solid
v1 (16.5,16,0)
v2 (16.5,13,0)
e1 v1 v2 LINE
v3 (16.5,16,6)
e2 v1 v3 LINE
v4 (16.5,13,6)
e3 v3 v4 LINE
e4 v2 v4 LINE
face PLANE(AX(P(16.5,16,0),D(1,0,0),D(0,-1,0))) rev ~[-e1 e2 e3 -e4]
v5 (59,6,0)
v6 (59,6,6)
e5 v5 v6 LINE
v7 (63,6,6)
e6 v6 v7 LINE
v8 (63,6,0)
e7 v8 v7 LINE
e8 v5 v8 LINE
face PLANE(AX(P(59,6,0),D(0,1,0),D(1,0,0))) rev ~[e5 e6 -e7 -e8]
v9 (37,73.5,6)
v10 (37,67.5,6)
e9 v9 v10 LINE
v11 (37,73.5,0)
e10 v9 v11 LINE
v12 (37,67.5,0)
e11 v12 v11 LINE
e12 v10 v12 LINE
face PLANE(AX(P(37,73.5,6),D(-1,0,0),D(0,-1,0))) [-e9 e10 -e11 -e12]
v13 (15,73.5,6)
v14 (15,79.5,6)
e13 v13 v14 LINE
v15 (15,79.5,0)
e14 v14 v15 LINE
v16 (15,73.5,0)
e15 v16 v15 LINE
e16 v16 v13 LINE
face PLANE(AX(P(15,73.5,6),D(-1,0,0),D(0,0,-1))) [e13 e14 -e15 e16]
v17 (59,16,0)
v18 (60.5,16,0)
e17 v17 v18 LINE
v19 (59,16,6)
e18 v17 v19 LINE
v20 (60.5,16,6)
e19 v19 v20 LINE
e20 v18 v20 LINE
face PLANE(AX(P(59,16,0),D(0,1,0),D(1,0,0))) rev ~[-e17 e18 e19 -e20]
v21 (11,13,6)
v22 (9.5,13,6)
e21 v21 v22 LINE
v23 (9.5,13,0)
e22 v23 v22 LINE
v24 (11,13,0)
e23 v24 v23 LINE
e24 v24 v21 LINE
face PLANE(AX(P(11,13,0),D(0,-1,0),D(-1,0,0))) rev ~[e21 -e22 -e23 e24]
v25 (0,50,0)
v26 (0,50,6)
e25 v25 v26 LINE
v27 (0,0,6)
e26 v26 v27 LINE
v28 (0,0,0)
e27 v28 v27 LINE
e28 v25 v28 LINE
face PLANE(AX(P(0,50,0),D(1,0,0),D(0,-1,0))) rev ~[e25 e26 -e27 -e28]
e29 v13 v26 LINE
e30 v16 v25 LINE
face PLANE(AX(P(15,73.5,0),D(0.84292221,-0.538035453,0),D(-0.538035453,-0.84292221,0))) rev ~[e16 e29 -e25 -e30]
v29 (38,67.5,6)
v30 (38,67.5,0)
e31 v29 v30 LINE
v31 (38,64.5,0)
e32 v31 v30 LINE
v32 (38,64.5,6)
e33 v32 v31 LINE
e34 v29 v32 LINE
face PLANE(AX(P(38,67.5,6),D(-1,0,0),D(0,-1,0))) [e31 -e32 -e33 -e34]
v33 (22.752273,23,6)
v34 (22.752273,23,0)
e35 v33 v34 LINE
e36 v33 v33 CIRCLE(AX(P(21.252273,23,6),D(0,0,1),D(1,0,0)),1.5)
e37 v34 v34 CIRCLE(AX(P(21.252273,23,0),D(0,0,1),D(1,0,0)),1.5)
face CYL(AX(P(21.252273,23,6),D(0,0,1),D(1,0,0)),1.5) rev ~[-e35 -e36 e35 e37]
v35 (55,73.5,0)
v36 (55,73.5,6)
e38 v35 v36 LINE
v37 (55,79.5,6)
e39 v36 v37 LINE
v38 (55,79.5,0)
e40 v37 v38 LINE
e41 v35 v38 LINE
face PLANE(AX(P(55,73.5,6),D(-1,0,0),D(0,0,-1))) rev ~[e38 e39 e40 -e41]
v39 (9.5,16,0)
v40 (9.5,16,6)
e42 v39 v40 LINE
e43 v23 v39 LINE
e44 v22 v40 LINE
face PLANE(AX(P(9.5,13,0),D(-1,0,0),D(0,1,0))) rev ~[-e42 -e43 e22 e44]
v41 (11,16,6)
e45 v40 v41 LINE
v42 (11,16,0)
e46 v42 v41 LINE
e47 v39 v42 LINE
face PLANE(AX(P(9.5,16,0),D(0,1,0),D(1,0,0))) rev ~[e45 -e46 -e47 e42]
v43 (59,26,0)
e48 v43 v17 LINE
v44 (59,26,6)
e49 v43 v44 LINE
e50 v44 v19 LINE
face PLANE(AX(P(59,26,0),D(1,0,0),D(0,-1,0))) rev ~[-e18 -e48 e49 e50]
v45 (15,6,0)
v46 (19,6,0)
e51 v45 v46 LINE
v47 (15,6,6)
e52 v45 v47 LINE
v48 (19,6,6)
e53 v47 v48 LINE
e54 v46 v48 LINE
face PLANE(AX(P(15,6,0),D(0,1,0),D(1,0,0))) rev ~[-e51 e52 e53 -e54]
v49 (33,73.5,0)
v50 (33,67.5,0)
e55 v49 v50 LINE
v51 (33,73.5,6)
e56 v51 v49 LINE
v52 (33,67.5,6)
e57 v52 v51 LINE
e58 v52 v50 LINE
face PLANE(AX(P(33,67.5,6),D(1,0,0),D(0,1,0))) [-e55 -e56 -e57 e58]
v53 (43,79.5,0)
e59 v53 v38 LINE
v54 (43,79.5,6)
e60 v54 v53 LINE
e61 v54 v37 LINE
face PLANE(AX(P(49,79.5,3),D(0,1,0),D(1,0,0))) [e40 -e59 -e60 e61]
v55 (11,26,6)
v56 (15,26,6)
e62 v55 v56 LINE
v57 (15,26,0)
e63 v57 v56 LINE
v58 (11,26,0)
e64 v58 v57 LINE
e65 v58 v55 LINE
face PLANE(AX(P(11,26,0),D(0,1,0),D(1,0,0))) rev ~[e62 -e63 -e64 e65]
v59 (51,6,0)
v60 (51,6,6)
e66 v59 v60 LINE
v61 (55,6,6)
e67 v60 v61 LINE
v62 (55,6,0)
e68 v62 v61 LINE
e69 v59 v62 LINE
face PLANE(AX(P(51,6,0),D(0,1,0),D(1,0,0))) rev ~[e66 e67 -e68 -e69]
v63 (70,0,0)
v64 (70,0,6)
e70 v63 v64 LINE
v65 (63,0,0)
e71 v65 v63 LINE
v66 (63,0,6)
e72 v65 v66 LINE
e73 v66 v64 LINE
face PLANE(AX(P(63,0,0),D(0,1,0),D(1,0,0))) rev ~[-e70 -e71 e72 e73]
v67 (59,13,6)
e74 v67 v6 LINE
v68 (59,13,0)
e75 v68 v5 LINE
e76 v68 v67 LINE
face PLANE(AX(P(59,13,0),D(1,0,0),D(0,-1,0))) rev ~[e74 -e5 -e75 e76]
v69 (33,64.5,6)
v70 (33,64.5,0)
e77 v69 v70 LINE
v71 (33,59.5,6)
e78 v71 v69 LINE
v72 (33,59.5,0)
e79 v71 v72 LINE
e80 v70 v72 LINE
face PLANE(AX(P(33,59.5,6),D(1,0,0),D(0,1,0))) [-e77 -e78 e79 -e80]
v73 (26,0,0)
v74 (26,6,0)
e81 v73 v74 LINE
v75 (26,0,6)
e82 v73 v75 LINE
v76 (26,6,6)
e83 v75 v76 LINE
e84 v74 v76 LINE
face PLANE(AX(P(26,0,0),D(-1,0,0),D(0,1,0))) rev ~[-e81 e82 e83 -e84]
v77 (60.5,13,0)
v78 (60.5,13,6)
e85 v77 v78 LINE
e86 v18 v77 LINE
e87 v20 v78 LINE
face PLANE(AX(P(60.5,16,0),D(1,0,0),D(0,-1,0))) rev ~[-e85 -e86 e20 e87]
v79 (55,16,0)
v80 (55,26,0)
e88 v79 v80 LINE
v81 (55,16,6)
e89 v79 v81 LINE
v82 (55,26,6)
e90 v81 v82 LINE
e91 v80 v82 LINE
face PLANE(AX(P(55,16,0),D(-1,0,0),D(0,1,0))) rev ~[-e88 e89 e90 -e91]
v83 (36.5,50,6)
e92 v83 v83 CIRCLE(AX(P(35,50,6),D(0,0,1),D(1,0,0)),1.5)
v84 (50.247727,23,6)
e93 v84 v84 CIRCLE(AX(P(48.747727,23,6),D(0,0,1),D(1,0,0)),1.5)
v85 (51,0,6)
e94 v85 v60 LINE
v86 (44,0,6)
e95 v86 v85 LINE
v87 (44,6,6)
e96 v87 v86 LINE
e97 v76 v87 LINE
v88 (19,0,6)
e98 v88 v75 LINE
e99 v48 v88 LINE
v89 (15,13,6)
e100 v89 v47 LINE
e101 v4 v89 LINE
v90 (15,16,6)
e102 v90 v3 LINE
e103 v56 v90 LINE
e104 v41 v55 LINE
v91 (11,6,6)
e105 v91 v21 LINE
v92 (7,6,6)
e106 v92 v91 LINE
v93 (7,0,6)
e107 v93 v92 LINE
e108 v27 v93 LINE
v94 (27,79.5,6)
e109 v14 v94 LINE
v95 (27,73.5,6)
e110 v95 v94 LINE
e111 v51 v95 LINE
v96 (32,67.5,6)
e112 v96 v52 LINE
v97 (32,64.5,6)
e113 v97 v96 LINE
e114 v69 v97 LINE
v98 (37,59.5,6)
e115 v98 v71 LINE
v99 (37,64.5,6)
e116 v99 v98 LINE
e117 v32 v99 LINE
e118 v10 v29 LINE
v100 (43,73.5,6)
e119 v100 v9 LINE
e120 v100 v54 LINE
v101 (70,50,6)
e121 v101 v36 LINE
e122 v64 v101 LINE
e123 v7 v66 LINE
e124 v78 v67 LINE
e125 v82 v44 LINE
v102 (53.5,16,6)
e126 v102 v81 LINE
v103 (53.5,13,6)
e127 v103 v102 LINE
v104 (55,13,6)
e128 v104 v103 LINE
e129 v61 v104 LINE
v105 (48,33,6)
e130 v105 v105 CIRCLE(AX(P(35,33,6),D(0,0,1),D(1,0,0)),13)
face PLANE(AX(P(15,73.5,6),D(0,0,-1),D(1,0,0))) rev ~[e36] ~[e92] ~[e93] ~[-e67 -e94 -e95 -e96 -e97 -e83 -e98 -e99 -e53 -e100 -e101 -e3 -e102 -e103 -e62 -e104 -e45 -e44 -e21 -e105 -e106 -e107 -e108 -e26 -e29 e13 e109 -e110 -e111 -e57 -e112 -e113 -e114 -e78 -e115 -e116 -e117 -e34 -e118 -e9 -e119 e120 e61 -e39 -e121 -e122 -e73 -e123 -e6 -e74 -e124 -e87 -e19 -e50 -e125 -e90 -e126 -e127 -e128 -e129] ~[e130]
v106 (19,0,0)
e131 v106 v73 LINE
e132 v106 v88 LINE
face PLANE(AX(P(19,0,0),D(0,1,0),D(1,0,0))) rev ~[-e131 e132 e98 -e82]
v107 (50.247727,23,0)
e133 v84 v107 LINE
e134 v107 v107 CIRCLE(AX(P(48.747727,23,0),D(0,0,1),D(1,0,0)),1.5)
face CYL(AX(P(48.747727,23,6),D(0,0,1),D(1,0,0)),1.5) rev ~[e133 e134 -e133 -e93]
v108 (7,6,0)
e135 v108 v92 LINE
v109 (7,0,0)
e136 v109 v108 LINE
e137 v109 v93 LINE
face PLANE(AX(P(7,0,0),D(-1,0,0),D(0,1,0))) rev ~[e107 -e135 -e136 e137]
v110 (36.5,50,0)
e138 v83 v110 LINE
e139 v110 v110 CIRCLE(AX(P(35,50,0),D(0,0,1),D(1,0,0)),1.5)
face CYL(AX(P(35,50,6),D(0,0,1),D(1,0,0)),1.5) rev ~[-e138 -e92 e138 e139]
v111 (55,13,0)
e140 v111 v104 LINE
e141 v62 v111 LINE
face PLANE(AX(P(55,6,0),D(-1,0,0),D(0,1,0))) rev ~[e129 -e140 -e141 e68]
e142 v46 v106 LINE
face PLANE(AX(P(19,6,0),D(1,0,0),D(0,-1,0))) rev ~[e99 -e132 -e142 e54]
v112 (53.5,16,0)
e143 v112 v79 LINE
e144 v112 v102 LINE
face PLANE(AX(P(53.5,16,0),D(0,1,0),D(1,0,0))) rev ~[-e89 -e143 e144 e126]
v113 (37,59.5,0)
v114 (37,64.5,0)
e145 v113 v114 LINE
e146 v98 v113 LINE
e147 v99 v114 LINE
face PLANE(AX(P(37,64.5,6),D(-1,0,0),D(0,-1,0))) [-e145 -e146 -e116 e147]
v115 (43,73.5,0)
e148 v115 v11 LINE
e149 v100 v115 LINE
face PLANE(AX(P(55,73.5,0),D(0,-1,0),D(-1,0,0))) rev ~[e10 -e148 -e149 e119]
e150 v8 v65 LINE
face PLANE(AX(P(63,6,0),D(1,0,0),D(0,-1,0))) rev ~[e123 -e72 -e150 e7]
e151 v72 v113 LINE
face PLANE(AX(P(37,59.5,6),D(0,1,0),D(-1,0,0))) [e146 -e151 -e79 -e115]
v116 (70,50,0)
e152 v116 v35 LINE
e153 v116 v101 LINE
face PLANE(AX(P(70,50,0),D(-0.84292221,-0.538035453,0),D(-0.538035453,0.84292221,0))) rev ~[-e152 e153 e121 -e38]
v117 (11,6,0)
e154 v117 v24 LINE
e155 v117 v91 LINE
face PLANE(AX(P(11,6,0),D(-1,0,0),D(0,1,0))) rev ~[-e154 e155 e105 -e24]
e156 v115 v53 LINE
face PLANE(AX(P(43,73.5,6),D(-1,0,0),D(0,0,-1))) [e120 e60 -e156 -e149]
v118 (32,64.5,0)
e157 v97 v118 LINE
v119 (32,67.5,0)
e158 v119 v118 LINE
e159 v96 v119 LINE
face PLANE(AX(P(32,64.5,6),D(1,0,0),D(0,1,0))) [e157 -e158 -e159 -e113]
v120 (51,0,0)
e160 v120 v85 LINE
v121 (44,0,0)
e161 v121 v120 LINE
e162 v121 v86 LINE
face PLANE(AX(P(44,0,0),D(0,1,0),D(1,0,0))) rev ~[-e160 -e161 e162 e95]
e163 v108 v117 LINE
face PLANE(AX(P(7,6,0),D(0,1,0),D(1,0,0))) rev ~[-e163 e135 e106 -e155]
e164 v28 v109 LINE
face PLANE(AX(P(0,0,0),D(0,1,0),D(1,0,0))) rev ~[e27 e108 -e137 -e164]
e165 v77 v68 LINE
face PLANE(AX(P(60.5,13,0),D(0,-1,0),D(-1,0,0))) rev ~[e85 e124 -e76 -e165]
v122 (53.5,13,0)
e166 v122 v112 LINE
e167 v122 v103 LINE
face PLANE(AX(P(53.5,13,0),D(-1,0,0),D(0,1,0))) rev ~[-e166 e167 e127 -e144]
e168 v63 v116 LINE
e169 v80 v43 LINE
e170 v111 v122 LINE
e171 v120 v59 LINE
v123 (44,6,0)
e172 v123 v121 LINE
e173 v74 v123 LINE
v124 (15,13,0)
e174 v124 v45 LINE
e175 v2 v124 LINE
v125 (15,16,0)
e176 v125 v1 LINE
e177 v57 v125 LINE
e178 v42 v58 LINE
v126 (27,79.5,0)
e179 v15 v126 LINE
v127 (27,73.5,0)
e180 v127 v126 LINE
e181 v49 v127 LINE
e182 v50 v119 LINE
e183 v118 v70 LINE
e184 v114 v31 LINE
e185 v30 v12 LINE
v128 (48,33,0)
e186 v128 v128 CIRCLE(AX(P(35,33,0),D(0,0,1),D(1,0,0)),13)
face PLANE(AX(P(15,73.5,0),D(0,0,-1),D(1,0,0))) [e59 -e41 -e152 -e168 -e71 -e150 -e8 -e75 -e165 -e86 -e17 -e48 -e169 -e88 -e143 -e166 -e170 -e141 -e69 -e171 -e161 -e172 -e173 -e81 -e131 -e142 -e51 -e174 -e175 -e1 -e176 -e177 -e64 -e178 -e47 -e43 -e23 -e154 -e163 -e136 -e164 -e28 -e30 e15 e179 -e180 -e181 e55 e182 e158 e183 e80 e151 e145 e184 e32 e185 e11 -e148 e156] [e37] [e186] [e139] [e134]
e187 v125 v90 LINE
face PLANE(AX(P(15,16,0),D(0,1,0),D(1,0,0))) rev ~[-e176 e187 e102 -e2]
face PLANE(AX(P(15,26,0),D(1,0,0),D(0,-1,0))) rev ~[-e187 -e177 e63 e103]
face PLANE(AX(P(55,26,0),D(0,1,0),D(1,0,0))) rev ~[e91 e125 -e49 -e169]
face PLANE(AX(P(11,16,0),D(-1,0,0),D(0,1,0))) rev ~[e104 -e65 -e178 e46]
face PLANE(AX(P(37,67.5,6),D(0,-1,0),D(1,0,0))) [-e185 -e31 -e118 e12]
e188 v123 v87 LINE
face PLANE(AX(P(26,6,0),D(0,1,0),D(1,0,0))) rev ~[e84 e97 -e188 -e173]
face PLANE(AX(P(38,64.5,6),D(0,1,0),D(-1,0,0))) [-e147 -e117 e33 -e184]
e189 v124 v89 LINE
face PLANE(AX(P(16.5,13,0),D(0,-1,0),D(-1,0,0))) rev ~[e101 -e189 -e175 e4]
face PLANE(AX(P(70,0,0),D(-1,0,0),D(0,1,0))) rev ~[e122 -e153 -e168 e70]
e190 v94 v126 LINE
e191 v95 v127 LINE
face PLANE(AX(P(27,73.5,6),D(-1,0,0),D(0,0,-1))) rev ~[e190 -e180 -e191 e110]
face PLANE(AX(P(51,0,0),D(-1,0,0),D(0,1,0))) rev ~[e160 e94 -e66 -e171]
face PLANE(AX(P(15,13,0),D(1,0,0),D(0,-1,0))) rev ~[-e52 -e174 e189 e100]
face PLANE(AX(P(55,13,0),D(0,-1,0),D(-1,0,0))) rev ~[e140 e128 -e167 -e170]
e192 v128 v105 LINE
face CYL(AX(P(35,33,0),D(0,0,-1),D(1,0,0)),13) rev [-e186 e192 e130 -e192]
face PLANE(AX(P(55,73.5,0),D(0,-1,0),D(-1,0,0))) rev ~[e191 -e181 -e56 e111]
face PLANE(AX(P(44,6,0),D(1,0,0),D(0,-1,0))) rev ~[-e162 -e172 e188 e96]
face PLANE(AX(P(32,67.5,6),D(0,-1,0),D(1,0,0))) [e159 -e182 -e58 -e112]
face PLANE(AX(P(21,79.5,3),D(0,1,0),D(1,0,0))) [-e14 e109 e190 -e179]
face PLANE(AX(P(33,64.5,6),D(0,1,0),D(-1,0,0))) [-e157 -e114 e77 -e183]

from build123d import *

# Parameters (mm, degrees)
ESQUISSE1_R             = 13
BOSS_EXTRU_1_DEPTH      = 6
ESQUISSE2_W             = 12
ESQUISSE2_H             = 6
BOSS_EXTRU_2_DEPTH      = 6
ESQUISSE3_R             = 1.5
ENL_V_MAT_EXTRU_1_DEPTH = 10
ENL_V_MAT_EXTRU_2_DEPTH = 10


with BuildPart() as part:
    # Esquisse1 → Boss.-Extru.1 (new body)
    with BuildSketch(Plane.XY):
        Polygon((55, 13), (53.5, 13), (53.5, 16), (55, 16), (55, 26), (59, 26), (59, 16), (60.5, 16), (60.5, 13), (59, 13), (59, 6), (63, 6), (63, 0), (70, 0), (70, 50), (55, 73.5), (15, 73.5), (0, 50), (0, 0), (7, 0), (7, 6), (11, 6), (11, 13), (9.5, 13), (9.5, 16), (11, 16), (11, 26), (15, 26), (15, 16), (16.5, 16), (16.5, 13), (15, 13), (15, 6), (19, 6), (19, 0), (26, 0), (26, 6), (44, 6), (44, 0), (51, 0), (51, 6), (55, 6), align=None)
        with Locations((35, 33)):
            Circle(ESQUISSE1_R, mode=Mode.SUBTRACT)
    extrude(amount=BOSS_EXTRU_1_DEPTH)

    # Esquisse2 → Boss.-Extru.2 (add)
    with BuildSketch(Plane(origin=(0, 73.5, 0), x_dir=(1, 0, 0), z_dir=(0, 1, 0))):
        with Locations((21, -3)):
            Rectangle(ESQUISSE2_W, ESQUISSE2_H)
        with Locations((49, -3)):
            Rectangle(ESQUISSE2_W, ESQUISSE2_H)
    extrude(amount=BOSS_EXTRU_2_DEPTH)

    # Esquisse3 → Enlèv. mat.-Extru.1 (cut)
    with BuildSketch(Plane.XY.offset(6)):
        with Locations((21.252272915, 23)):
            Circle(ESQUISSE3_R)
        with Locations((48.747727085, 23)):
            Circle(ESQUISSE3_R)
        with Locations((35, 50)):
            Circle(ESQUISSE3_R)
    extrude(amount=-ENL_V_MAT_EXTRU_1_DEPTH, mode=Mode.SUBTRACT)

    # Esquisse4 → Enlèv. mat.-Extru.2 (cut)
    with BuildSketch(Plane.XY.offset(6)):
        Polygon((33, 73.5), (37, 73.5), (37, 67.5), (38, 67.5), (38, 64.5), (37, 64.5), (37, 59.5), (33, 59.5), (33, 64.5), (32, 64.5), (32, 67.5), (33, 67.5), align=None)
    extrude(amount=-ENL_V_MAT_EXTRU_2_DEPTH, mode=Mode.SUBTRACT)


solid = part.part
